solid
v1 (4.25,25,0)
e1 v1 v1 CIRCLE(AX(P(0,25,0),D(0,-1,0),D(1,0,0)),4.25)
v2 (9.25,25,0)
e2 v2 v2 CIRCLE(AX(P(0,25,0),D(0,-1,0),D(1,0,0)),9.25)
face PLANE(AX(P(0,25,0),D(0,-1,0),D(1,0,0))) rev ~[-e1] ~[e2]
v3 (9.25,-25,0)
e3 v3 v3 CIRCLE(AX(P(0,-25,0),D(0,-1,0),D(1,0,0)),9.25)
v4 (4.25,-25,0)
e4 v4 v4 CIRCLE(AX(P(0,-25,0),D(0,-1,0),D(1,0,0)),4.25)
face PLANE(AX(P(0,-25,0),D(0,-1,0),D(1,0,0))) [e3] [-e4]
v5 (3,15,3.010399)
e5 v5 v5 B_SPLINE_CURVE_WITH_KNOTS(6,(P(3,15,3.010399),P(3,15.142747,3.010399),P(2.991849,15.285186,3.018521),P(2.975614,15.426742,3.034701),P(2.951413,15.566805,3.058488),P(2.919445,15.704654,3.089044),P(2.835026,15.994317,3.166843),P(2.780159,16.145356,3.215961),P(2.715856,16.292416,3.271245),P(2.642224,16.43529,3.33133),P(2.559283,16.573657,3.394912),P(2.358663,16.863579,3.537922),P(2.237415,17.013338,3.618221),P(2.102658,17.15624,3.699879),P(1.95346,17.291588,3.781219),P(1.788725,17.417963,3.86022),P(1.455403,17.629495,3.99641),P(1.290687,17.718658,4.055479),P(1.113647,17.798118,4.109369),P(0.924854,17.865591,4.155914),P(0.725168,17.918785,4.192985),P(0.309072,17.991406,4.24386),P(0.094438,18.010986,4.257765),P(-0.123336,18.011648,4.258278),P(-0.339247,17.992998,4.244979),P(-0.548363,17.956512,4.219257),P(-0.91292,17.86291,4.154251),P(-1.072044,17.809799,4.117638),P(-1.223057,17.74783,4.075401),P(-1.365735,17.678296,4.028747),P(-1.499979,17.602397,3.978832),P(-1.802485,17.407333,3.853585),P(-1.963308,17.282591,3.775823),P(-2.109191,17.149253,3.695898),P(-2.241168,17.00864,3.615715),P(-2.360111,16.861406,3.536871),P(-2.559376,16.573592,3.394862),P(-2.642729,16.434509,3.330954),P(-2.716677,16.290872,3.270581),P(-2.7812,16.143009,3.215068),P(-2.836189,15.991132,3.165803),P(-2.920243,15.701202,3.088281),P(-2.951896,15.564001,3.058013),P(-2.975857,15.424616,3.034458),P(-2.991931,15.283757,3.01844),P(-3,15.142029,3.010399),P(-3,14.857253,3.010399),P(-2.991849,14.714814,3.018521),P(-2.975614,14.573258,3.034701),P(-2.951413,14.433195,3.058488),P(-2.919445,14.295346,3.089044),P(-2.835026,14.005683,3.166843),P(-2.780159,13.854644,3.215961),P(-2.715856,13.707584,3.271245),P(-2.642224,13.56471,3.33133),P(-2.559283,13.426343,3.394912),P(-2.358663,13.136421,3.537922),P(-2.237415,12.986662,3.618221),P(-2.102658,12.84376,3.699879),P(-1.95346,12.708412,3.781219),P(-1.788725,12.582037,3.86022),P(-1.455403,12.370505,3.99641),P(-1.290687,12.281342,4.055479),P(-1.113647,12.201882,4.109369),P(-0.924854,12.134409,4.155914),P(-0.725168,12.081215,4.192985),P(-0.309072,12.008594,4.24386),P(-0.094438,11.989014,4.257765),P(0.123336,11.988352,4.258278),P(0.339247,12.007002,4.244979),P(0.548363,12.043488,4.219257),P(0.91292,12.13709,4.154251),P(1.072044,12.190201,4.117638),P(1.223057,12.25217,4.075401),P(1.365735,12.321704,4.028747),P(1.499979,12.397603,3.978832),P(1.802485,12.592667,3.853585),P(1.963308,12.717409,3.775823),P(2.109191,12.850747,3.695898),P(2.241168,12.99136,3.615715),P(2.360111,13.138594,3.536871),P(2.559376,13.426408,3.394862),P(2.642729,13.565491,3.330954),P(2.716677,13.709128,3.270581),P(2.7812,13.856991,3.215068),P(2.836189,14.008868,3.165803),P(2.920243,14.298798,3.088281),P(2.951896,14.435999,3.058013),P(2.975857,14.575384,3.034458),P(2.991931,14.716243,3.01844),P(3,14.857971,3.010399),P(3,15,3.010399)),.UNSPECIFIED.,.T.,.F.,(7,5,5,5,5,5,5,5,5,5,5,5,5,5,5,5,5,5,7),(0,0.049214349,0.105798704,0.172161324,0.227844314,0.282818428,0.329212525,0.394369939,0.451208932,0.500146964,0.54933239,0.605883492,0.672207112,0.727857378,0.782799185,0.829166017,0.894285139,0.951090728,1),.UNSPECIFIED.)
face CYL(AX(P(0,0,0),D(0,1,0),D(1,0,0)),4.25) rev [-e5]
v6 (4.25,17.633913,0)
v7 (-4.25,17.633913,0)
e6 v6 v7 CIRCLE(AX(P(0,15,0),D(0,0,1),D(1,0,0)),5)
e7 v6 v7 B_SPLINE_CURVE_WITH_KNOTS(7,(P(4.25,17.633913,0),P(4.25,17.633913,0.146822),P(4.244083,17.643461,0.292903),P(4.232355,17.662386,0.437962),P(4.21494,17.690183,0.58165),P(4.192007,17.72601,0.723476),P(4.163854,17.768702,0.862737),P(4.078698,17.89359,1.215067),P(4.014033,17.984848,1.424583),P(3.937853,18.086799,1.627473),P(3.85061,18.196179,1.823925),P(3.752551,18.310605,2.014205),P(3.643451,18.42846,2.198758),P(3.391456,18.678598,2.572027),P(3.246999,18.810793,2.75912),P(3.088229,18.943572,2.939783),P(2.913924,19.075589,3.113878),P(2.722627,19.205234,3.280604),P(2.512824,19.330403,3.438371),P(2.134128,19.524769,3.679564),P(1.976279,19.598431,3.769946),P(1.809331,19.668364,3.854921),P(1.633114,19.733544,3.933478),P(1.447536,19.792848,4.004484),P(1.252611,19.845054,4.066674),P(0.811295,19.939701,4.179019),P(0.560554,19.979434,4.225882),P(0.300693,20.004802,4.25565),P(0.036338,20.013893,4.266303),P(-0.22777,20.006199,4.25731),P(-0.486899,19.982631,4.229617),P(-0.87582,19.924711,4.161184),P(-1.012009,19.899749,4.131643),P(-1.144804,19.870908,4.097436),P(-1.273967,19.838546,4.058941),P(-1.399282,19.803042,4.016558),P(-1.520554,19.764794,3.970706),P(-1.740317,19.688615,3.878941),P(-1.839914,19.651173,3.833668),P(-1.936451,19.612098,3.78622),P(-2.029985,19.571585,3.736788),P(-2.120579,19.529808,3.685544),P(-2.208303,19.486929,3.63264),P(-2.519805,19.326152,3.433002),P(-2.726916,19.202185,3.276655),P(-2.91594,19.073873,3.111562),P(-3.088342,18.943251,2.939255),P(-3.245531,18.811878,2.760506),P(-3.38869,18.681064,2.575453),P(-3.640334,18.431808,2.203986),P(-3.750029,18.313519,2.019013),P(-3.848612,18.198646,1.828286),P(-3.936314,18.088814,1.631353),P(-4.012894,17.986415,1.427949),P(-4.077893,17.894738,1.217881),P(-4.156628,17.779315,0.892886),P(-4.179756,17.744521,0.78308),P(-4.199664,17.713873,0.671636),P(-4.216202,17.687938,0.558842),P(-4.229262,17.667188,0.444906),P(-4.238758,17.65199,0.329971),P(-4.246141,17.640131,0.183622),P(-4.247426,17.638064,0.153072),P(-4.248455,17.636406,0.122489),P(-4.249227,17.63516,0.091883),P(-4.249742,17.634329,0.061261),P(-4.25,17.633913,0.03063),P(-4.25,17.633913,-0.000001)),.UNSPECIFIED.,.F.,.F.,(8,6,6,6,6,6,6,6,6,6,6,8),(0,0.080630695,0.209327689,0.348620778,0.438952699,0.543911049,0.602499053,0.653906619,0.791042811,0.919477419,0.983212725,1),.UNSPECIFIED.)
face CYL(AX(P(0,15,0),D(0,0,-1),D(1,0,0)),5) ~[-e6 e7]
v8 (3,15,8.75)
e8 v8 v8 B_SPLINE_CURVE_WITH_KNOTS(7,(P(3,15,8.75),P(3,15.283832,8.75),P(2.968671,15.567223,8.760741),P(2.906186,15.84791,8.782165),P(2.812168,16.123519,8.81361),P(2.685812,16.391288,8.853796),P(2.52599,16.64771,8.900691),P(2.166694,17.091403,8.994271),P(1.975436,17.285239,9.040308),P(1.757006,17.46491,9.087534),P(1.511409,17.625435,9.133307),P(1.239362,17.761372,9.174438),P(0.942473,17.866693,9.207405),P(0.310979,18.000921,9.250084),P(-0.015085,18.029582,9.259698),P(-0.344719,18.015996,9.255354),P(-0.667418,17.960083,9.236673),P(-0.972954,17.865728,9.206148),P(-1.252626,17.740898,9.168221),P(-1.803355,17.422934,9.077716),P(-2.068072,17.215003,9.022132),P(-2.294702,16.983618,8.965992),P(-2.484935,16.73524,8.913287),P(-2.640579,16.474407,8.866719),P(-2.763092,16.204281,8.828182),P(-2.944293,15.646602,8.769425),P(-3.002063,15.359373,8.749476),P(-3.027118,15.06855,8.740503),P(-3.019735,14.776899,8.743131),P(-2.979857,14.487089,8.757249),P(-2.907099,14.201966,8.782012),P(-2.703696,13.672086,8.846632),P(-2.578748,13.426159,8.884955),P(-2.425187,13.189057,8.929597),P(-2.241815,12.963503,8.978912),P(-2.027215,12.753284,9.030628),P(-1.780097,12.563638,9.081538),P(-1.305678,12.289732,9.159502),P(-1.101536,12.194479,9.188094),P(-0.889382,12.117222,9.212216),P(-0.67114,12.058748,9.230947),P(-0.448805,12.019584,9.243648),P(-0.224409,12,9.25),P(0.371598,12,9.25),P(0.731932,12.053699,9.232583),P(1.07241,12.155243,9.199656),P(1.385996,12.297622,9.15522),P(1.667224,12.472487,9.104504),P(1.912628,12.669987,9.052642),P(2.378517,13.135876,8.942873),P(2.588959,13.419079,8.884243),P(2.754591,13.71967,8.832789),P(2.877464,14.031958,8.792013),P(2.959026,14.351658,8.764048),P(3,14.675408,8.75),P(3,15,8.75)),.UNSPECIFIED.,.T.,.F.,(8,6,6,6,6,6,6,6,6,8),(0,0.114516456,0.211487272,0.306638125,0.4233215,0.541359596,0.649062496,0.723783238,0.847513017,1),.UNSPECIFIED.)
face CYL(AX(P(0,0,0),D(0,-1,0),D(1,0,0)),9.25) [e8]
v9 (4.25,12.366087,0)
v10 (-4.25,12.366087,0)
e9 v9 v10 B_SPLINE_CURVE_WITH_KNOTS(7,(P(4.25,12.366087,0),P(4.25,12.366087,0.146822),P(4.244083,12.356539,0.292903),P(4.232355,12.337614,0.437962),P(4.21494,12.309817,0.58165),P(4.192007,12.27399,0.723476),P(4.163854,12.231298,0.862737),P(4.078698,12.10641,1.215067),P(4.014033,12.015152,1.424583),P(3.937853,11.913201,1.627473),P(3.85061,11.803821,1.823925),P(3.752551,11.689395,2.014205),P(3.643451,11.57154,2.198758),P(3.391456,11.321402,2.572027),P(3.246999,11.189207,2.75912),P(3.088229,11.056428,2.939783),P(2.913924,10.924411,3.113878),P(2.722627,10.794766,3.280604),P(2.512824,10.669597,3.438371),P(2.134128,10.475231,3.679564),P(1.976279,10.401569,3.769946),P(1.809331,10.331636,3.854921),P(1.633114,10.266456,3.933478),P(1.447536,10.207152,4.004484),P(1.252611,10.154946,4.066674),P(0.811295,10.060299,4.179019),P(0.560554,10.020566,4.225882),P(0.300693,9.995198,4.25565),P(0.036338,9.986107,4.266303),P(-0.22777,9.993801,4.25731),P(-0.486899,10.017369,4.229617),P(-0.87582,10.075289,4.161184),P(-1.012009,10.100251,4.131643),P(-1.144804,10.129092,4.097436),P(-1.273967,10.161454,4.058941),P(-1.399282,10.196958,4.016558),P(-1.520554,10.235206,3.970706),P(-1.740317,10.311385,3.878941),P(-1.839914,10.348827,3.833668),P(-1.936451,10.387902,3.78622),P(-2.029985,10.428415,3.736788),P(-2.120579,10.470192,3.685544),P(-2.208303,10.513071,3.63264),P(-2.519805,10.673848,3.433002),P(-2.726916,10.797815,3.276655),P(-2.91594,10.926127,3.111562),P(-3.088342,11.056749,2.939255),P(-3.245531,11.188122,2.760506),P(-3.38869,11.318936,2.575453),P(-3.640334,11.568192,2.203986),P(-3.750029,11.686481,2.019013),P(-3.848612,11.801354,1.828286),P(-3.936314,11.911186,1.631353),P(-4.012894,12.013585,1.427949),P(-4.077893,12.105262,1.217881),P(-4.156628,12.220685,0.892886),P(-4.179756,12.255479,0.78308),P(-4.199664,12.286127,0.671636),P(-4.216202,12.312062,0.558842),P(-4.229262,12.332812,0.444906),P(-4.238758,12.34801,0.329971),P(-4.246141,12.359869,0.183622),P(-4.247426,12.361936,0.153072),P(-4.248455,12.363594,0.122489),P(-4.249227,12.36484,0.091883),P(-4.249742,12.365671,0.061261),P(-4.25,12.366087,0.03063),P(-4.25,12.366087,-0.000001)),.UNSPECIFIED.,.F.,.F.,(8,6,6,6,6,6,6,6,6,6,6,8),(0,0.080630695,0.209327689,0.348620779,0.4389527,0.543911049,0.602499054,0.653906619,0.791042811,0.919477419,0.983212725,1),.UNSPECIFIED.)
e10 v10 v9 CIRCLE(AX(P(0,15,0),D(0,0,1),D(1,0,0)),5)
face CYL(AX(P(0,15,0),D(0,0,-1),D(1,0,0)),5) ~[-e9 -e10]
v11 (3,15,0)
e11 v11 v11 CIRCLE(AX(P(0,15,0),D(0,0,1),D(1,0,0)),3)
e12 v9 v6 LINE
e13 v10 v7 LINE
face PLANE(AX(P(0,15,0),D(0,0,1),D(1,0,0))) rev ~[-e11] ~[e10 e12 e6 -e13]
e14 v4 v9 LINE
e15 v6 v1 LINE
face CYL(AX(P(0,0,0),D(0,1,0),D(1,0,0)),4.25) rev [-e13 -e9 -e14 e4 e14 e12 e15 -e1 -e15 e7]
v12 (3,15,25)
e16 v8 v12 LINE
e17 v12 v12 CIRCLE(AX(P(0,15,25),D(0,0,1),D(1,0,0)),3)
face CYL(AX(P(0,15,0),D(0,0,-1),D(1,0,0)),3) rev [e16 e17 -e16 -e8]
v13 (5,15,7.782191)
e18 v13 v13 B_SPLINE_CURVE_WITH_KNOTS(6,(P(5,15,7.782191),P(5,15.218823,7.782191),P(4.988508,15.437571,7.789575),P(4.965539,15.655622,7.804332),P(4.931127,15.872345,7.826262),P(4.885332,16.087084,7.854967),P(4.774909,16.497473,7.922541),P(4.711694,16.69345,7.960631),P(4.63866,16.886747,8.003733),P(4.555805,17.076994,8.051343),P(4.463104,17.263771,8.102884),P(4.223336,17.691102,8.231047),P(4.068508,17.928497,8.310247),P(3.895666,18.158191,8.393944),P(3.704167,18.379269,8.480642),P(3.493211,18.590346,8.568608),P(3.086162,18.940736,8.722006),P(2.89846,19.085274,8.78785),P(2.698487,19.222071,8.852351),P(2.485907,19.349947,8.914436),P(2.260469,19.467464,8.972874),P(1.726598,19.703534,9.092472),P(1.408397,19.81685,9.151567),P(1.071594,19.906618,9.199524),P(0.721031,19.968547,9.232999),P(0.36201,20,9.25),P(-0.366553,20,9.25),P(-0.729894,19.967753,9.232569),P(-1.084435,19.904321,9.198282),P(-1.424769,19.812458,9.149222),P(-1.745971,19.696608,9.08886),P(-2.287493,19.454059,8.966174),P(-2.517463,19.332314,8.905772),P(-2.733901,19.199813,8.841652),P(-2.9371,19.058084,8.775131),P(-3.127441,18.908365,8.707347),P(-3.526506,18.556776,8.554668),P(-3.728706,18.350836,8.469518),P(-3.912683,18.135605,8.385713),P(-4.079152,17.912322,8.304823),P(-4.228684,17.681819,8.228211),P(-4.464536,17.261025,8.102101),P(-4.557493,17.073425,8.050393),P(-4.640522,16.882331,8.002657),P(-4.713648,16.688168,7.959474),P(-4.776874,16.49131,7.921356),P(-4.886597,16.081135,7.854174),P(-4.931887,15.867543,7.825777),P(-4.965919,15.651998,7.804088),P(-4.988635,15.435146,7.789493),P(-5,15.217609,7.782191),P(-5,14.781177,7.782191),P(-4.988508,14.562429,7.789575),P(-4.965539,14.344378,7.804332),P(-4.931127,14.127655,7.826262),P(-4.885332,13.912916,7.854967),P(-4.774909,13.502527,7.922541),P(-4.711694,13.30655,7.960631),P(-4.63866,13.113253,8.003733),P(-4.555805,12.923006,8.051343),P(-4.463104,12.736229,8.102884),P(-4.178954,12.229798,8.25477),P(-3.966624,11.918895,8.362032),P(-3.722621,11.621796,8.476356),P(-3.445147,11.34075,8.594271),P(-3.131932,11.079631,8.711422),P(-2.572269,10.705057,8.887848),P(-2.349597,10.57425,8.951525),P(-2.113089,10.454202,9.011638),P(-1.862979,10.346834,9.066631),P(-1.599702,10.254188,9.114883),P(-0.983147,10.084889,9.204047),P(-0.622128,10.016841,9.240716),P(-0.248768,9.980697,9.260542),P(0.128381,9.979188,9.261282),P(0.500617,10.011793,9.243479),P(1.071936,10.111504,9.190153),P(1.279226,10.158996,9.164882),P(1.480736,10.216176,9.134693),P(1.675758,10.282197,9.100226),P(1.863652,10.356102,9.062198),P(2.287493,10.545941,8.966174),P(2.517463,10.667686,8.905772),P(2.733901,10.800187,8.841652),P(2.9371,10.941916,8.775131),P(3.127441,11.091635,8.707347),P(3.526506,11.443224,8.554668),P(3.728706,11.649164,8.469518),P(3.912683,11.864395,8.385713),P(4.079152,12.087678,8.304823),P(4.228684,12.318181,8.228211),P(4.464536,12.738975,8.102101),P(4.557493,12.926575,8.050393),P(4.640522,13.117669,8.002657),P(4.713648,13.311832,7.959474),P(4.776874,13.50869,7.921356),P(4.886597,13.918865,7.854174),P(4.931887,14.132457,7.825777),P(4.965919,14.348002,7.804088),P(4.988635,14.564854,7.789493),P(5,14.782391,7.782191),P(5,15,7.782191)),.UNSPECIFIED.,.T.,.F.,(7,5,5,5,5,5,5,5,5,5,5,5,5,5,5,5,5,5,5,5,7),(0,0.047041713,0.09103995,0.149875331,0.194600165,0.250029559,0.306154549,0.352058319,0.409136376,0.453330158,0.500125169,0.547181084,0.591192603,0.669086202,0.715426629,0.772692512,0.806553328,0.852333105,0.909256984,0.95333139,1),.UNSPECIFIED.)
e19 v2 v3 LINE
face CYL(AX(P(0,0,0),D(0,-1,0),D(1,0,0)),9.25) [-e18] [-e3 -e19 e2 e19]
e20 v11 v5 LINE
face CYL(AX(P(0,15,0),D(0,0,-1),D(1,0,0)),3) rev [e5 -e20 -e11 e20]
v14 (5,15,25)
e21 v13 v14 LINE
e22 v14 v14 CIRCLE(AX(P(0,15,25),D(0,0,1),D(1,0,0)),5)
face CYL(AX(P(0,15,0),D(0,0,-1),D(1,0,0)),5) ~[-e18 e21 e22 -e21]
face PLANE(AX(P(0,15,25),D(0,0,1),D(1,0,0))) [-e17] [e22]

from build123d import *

# Parameters (mm, degrees)
F0_R     = 9.25
F0_R_2   = 4.25
F1_DEPTH = 25
F2_R     = 5
F2_R_2   = 3
F3_DEPTH = 25


with BuildPart() as f1:
    # F0 (on Front) → F1 (new body, symmetric)
    with BuildSketch(Plane.XZ):
        Circle(F0_R)
        Circle(F0_R_2, mode=Mode.SUBTRACT)
    extrude(amount=F1_DEPTH, both=True)

    # F2 (on Top) → F3 (join)
    with BuildSketch(Plane.XY):
        with Locations((0, 15)):
            Circle(F2_R)
        with Locations((0, 15)):
            Circle(F2_R_2, mode=Mode.SUBTRACT)
    extrude(amount=F3_DEPTH)


solid = f1.part
